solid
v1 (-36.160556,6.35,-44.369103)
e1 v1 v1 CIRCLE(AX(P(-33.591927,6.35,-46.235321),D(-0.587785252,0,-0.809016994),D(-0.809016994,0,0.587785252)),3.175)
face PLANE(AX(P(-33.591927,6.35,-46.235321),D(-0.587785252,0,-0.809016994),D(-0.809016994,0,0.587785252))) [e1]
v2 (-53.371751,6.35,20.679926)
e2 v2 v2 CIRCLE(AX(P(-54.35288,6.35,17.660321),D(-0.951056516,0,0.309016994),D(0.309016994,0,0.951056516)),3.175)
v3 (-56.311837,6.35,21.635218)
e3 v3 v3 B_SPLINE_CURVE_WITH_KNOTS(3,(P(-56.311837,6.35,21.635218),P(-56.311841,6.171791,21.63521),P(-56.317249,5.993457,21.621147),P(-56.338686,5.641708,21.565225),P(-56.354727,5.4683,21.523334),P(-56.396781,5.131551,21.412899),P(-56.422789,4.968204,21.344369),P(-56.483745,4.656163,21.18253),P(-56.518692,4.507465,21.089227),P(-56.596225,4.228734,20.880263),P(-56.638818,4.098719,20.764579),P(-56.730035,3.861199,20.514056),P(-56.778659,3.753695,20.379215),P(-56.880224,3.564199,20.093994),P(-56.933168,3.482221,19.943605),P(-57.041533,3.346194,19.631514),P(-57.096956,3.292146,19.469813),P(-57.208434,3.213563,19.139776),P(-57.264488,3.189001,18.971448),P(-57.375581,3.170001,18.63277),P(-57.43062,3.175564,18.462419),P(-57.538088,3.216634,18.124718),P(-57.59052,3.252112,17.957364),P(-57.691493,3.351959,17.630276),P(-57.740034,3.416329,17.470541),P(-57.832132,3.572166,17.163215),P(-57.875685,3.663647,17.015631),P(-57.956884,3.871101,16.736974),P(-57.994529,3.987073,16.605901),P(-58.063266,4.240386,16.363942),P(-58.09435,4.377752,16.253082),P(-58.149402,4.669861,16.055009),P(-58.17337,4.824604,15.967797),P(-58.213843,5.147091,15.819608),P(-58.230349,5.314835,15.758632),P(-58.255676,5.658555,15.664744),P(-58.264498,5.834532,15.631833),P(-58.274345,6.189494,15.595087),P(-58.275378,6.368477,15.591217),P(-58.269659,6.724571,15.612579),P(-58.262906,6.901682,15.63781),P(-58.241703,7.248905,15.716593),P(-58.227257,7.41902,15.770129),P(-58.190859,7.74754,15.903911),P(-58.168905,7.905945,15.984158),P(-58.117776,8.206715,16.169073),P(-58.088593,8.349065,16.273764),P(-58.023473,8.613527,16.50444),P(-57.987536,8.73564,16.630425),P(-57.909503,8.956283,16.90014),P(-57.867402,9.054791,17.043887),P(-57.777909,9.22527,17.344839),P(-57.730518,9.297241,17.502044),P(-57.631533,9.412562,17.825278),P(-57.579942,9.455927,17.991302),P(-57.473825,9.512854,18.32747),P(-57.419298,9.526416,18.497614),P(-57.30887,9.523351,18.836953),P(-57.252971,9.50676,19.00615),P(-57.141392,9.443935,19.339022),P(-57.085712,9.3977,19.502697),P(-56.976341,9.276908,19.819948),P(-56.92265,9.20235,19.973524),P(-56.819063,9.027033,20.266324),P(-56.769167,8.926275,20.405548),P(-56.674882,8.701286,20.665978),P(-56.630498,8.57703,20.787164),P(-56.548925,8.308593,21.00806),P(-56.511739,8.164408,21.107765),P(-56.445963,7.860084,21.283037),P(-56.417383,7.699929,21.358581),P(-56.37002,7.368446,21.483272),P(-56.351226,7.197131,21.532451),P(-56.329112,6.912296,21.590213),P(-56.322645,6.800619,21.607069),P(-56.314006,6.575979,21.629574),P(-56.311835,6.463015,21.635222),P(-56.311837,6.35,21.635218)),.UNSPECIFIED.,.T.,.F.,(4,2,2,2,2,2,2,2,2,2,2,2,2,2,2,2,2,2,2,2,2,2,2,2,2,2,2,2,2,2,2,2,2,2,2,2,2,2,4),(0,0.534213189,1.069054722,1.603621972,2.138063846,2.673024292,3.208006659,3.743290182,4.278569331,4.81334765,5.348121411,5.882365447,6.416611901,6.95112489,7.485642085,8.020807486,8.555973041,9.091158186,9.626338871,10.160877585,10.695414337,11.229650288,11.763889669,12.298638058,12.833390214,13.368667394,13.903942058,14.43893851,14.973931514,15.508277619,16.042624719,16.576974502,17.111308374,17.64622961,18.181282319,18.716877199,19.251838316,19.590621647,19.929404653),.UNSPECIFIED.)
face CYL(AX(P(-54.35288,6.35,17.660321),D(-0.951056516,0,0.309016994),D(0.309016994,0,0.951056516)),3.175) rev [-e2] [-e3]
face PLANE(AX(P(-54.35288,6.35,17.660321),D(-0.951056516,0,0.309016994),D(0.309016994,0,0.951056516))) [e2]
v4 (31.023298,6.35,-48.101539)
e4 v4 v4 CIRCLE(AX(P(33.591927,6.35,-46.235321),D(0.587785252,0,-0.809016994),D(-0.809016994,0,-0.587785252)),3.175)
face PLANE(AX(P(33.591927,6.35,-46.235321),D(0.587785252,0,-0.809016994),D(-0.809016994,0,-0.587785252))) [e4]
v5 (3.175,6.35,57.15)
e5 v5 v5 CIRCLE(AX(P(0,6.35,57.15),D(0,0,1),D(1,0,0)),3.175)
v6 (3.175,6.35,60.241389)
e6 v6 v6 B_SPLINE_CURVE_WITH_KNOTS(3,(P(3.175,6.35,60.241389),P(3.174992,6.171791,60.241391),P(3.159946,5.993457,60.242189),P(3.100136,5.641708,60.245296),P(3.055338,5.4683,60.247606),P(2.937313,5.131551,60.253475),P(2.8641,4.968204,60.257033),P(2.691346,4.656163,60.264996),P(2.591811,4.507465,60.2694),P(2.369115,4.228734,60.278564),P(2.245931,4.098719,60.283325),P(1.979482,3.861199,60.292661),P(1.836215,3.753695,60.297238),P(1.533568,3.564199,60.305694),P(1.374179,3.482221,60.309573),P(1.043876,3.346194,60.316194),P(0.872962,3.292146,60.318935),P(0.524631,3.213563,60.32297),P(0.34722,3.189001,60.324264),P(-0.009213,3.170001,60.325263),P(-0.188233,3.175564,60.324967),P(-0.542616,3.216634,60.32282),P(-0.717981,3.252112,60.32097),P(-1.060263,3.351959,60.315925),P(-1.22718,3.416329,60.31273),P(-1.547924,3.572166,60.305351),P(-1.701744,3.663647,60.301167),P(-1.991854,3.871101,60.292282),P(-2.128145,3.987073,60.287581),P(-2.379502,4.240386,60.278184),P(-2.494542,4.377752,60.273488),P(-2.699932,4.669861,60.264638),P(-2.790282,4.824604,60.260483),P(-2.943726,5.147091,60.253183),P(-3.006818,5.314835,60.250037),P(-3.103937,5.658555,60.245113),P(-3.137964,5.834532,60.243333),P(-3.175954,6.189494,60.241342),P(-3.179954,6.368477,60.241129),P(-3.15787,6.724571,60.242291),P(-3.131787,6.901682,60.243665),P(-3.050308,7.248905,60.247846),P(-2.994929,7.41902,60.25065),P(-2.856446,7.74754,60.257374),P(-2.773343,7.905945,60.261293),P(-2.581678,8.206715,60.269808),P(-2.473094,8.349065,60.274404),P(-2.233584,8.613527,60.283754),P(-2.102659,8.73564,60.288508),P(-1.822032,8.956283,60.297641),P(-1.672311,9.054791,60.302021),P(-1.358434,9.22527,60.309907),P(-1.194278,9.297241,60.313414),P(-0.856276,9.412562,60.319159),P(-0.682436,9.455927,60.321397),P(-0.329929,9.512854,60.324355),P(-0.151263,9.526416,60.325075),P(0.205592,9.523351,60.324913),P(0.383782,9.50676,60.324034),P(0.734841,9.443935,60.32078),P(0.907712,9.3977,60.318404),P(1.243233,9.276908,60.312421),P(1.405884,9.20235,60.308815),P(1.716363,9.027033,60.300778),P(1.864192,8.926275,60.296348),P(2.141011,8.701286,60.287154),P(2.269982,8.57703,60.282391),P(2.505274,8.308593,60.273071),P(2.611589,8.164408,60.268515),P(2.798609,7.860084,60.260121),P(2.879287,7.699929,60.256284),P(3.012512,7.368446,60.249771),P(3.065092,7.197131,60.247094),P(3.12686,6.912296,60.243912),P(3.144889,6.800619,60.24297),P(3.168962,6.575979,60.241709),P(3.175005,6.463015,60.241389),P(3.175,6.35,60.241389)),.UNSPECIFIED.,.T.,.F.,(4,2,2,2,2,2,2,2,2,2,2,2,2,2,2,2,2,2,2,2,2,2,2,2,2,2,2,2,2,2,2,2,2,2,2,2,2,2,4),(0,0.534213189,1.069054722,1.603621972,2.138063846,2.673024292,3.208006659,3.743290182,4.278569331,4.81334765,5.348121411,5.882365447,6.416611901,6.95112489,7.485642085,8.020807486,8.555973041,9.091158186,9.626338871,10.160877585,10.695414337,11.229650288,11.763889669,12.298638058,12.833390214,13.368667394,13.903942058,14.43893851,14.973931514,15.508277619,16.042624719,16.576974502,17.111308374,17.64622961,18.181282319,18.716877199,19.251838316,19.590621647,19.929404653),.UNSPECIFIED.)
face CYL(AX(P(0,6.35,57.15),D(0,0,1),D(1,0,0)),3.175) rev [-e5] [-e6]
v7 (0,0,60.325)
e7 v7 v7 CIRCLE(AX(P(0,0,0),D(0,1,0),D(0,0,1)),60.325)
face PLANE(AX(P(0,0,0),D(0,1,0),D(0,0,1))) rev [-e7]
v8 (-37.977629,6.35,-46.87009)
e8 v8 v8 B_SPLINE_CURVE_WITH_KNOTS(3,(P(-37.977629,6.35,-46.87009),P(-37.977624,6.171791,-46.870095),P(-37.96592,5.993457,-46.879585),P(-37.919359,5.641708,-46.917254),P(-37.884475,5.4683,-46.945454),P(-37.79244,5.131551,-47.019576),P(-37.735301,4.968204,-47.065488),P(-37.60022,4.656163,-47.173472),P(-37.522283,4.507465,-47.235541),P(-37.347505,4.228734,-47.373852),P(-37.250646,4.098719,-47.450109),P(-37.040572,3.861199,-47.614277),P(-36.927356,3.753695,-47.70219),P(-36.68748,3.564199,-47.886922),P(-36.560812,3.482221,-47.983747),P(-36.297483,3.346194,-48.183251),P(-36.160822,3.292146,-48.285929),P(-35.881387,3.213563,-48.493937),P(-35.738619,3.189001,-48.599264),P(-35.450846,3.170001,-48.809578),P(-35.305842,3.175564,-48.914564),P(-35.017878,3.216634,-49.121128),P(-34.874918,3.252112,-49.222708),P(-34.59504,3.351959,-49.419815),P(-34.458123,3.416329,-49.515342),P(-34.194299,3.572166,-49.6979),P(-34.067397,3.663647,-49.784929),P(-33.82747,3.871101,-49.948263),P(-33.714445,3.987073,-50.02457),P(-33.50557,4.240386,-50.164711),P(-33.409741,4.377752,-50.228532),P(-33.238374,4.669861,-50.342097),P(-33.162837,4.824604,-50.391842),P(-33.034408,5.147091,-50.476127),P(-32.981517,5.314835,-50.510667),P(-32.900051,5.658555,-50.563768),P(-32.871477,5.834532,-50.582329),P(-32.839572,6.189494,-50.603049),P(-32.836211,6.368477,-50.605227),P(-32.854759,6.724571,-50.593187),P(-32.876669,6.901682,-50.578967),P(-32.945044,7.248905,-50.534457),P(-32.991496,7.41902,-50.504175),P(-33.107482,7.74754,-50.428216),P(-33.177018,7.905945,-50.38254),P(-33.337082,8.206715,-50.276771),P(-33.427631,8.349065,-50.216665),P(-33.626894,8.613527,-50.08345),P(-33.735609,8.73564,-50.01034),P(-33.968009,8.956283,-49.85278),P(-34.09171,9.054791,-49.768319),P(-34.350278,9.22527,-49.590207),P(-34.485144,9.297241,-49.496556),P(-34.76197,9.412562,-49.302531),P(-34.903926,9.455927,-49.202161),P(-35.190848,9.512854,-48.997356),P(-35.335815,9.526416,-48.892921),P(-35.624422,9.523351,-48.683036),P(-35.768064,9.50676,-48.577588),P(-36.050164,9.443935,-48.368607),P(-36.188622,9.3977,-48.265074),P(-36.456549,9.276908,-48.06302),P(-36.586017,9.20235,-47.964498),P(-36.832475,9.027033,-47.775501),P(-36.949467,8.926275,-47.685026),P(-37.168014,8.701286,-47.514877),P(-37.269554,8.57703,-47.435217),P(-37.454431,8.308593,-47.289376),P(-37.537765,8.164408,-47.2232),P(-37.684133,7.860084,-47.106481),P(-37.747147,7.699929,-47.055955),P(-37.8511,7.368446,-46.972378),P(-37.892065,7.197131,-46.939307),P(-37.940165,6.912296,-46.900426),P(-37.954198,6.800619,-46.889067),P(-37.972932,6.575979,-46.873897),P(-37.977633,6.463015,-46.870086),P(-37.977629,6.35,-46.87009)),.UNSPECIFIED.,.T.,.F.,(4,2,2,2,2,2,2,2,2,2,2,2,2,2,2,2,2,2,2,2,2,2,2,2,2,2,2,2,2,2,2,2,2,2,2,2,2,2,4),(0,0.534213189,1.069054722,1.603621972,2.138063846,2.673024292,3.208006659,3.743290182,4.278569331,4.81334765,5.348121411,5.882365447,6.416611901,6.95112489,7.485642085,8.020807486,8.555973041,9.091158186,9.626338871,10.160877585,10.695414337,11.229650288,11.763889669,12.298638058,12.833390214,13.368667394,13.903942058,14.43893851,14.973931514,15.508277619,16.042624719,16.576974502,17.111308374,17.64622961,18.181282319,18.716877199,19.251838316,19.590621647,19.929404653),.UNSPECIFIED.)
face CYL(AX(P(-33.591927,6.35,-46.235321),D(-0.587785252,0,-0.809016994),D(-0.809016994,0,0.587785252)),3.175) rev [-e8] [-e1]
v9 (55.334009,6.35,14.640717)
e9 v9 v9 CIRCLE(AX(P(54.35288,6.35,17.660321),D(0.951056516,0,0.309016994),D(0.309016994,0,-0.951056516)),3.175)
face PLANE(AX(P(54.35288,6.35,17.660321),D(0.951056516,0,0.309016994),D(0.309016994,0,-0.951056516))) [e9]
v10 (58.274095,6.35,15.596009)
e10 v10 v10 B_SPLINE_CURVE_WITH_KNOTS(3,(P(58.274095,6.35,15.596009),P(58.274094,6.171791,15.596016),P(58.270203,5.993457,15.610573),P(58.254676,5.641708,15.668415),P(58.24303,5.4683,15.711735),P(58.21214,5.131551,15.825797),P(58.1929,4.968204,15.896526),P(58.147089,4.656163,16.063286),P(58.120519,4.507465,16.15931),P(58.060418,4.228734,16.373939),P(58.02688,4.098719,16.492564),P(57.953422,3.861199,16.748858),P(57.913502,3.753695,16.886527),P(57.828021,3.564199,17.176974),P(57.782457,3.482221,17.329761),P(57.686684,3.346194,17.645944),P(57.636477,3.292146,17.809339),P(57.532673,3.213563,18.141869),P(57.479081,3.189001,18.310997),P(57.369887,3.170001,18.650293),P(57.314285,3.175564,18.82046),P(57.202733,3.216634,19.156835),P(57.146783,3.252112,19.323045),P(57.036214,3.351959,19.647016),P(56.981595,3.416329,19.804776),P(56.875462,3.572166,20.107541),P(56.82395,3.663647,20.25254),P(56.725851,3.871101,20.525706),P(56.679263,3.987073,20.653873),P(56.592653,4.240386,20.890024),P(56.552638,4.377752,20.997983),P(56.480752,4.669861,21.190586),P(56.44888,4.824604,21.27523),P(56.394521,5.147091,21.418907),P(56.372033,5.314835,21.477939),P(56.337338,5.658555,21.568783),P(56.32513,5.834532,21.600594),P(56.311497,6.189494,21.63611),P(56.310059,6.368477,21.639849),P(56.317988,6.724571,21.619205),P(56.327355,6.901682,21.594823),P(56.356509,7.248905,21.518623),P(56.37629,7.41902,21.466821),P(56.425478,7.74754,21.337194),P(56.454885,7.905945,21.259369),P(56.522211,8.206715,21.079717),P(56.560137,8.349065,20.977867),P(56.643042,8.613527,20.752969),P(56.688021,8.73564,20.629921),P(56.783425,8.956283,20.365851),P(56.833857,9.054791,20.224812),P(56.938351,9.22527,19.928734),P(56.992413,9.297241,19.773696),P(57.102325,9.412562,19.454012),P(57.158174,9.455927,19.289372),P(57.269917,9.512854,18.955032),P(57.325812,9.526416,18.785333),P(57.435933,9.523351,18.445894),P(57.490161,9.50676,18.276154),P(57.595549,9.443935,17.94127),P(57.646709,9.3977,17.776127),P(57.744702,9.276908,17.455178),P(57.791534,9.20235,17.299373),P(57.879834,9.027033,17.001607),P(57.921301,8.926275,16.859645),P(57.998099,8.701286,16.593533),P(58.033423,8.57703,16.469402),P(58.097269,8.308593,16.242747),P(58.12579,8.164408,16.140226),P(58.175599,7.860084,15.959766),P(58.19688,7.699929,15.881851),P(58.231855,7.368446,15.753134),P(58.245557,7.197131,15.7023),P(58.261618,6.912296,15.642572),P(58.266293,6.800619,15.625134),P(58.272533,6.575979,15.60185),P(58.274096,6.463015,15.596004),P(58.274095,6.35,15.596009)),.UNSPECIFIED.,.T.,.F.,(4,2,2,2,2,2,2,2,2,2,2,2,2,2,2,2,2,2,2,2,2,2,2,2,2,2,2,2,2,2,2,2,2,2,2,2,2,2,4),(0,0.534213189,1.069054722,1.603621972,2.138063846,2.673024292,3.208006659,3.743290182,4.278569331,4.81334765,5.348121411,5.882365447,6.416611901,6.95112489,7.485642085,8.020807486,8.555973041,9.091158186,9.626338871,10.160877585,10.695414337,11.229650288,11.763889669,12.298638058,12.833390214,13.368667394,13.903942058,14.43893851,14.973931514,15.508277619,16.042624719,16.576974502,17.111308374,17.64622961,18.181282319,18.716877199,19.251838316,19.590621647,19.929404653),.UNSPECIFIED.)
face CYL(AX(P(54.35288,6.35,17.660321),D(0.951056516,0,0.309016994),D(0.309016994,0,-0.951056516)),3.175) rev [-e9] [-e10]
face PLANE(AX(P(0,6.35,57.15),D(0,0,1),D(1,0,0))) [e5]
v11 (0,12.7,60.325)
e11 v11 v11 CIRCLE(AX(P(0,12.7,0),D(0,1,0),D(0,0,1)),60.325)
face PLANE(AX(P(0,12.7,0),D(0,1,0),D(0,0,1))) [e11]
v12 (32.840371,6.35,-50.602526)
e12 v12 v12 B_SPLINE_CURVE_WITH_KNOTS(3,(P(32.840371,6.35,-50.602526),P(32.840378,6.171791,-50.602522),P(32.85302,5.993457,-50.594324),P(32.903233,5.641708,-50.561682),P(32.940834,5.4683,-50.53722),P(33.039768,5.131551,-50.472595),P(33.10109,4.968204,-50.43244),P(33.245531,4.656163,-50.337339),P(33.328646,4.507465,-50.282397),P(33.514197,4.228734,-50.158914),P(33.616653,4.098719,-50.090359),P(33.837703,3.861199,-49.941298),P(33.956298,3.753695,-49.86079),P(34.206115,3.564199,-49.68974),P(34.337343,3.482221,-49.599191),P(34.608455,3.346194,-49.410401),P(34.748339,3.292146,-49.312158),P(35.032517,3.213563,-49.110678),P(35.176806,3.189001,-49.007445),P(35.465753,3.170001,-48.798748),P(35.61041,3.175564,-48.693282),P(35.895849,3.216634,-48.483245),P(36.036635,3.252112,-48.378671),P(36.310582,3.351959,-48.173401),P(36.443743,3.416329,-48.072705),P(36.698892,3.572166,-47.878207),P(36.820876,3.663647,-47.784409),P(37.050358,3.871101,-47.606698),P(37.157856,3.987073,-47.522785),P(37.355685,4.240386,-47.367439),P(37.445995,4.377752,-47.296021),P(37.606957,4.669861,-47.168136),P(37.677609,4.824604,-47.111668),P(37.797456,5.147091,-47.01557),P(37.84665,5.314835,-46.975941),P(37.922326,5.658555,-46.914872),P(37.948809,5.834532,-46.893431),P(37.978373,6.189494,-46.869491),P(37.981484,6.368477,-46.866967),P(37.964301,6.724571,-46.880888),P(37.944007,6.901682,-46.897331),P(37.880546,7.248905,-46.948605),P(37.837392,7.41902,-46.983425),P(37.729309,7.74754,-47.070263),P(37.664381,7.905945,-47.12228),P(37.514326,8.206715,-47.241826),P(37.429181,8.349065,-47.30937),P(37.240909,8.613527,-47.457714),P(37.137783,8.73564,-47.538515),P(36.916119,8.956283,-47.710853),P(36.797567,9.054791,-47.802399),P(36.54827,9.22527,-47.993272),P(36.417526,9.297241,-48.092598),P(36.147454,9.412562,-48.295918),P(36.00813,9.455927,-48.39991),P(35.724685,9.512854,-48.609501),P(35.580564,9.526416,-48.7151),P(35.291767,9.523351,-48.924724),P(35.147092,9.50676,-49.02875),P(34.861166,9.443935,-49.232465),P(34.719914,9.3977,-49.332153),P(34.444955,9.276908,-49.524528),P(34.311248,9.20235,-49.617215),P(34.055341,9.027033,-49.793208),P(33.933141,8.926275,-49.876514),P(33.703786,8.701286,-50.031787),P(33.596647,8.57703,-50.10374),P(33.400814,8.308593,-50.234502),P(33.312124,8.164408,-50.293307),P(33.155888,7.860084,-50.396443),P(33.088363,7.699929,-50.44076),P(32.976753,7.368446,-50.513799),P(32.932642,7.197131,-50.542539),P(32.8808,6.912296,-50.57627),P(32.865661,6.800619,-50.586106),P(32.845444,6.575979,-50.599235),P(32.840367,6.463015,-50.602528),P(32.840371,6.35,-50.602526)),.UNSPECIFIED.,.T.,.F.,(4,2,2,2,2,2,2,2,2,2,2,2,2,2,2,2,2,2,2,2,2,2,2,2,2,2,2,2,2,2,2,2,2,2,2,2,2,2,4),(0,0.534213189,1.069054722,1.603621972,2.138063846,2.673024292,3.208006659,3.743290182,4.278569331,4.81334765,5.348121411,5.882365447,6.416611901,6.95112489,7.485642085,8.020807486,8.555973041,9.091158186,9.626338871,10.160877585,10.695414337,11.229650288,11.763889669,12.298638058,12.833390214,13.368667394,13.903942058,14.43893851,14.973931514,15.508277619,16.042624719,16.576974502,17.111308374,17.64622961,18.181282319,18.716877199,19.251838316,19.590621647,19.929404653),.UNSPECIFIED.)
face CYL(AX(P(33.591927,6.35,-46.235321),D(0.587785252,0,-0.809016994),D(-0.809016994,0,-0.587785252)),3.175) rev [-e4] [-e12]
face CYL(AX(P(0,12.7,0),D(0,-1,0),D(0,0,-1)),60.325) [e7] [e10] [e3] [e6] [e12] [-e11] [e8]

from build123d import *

# Parameters (mm, degrees)
SKETCH1_R           = 60.325
BOSS_EXTRUDE1_DEPTH = 12.7
SKETCH2_R           = 3.175
CUT_EXTRUDE1_DEPTH  = 19.05
CRVPATTERN1_COUNT   = 5


with BuildPart() as part:
    # Sketch1 → Boss-Extrude1 (new body)
    with BuildSketch(Plane(origin=(0, 0, 0), x_dir=(1, 0, 0), z_dir=(0, 1, 0))):
        with Locations(Location((0, 0, 0), (0, 0, 270))):
            Circle(SKETCH1_R)
    extrude(amount=BOSS_EXTRUDE1_DEPTH)

    # Sketch2 → Cut-Extrude1 (cut)
    with BuildSketch(Plane.XY.offset(76.2)):
        with Locations((0, 6.35)):
            Circle(SKETCH2_R)
    cut_extrude1 = extrude(amount=-CUT_EXTRUDE1_DEPTH, mode=Mode.SUBTRACT)

    # CrvPattern1: Cut-Extrude1 ×5 about axis
    crvpattern1_axis = Axis((0, 12.7, 0), (0, -1, 0))
    for i in range(1, CRVPATTERN1_COUNT):
        add(cut_extrude1.rotate(crvpattern1_axis, i * 360 / CRVPATTERN1_COUNT), mode=Mode.SUBTRACT)


solid = part.part
